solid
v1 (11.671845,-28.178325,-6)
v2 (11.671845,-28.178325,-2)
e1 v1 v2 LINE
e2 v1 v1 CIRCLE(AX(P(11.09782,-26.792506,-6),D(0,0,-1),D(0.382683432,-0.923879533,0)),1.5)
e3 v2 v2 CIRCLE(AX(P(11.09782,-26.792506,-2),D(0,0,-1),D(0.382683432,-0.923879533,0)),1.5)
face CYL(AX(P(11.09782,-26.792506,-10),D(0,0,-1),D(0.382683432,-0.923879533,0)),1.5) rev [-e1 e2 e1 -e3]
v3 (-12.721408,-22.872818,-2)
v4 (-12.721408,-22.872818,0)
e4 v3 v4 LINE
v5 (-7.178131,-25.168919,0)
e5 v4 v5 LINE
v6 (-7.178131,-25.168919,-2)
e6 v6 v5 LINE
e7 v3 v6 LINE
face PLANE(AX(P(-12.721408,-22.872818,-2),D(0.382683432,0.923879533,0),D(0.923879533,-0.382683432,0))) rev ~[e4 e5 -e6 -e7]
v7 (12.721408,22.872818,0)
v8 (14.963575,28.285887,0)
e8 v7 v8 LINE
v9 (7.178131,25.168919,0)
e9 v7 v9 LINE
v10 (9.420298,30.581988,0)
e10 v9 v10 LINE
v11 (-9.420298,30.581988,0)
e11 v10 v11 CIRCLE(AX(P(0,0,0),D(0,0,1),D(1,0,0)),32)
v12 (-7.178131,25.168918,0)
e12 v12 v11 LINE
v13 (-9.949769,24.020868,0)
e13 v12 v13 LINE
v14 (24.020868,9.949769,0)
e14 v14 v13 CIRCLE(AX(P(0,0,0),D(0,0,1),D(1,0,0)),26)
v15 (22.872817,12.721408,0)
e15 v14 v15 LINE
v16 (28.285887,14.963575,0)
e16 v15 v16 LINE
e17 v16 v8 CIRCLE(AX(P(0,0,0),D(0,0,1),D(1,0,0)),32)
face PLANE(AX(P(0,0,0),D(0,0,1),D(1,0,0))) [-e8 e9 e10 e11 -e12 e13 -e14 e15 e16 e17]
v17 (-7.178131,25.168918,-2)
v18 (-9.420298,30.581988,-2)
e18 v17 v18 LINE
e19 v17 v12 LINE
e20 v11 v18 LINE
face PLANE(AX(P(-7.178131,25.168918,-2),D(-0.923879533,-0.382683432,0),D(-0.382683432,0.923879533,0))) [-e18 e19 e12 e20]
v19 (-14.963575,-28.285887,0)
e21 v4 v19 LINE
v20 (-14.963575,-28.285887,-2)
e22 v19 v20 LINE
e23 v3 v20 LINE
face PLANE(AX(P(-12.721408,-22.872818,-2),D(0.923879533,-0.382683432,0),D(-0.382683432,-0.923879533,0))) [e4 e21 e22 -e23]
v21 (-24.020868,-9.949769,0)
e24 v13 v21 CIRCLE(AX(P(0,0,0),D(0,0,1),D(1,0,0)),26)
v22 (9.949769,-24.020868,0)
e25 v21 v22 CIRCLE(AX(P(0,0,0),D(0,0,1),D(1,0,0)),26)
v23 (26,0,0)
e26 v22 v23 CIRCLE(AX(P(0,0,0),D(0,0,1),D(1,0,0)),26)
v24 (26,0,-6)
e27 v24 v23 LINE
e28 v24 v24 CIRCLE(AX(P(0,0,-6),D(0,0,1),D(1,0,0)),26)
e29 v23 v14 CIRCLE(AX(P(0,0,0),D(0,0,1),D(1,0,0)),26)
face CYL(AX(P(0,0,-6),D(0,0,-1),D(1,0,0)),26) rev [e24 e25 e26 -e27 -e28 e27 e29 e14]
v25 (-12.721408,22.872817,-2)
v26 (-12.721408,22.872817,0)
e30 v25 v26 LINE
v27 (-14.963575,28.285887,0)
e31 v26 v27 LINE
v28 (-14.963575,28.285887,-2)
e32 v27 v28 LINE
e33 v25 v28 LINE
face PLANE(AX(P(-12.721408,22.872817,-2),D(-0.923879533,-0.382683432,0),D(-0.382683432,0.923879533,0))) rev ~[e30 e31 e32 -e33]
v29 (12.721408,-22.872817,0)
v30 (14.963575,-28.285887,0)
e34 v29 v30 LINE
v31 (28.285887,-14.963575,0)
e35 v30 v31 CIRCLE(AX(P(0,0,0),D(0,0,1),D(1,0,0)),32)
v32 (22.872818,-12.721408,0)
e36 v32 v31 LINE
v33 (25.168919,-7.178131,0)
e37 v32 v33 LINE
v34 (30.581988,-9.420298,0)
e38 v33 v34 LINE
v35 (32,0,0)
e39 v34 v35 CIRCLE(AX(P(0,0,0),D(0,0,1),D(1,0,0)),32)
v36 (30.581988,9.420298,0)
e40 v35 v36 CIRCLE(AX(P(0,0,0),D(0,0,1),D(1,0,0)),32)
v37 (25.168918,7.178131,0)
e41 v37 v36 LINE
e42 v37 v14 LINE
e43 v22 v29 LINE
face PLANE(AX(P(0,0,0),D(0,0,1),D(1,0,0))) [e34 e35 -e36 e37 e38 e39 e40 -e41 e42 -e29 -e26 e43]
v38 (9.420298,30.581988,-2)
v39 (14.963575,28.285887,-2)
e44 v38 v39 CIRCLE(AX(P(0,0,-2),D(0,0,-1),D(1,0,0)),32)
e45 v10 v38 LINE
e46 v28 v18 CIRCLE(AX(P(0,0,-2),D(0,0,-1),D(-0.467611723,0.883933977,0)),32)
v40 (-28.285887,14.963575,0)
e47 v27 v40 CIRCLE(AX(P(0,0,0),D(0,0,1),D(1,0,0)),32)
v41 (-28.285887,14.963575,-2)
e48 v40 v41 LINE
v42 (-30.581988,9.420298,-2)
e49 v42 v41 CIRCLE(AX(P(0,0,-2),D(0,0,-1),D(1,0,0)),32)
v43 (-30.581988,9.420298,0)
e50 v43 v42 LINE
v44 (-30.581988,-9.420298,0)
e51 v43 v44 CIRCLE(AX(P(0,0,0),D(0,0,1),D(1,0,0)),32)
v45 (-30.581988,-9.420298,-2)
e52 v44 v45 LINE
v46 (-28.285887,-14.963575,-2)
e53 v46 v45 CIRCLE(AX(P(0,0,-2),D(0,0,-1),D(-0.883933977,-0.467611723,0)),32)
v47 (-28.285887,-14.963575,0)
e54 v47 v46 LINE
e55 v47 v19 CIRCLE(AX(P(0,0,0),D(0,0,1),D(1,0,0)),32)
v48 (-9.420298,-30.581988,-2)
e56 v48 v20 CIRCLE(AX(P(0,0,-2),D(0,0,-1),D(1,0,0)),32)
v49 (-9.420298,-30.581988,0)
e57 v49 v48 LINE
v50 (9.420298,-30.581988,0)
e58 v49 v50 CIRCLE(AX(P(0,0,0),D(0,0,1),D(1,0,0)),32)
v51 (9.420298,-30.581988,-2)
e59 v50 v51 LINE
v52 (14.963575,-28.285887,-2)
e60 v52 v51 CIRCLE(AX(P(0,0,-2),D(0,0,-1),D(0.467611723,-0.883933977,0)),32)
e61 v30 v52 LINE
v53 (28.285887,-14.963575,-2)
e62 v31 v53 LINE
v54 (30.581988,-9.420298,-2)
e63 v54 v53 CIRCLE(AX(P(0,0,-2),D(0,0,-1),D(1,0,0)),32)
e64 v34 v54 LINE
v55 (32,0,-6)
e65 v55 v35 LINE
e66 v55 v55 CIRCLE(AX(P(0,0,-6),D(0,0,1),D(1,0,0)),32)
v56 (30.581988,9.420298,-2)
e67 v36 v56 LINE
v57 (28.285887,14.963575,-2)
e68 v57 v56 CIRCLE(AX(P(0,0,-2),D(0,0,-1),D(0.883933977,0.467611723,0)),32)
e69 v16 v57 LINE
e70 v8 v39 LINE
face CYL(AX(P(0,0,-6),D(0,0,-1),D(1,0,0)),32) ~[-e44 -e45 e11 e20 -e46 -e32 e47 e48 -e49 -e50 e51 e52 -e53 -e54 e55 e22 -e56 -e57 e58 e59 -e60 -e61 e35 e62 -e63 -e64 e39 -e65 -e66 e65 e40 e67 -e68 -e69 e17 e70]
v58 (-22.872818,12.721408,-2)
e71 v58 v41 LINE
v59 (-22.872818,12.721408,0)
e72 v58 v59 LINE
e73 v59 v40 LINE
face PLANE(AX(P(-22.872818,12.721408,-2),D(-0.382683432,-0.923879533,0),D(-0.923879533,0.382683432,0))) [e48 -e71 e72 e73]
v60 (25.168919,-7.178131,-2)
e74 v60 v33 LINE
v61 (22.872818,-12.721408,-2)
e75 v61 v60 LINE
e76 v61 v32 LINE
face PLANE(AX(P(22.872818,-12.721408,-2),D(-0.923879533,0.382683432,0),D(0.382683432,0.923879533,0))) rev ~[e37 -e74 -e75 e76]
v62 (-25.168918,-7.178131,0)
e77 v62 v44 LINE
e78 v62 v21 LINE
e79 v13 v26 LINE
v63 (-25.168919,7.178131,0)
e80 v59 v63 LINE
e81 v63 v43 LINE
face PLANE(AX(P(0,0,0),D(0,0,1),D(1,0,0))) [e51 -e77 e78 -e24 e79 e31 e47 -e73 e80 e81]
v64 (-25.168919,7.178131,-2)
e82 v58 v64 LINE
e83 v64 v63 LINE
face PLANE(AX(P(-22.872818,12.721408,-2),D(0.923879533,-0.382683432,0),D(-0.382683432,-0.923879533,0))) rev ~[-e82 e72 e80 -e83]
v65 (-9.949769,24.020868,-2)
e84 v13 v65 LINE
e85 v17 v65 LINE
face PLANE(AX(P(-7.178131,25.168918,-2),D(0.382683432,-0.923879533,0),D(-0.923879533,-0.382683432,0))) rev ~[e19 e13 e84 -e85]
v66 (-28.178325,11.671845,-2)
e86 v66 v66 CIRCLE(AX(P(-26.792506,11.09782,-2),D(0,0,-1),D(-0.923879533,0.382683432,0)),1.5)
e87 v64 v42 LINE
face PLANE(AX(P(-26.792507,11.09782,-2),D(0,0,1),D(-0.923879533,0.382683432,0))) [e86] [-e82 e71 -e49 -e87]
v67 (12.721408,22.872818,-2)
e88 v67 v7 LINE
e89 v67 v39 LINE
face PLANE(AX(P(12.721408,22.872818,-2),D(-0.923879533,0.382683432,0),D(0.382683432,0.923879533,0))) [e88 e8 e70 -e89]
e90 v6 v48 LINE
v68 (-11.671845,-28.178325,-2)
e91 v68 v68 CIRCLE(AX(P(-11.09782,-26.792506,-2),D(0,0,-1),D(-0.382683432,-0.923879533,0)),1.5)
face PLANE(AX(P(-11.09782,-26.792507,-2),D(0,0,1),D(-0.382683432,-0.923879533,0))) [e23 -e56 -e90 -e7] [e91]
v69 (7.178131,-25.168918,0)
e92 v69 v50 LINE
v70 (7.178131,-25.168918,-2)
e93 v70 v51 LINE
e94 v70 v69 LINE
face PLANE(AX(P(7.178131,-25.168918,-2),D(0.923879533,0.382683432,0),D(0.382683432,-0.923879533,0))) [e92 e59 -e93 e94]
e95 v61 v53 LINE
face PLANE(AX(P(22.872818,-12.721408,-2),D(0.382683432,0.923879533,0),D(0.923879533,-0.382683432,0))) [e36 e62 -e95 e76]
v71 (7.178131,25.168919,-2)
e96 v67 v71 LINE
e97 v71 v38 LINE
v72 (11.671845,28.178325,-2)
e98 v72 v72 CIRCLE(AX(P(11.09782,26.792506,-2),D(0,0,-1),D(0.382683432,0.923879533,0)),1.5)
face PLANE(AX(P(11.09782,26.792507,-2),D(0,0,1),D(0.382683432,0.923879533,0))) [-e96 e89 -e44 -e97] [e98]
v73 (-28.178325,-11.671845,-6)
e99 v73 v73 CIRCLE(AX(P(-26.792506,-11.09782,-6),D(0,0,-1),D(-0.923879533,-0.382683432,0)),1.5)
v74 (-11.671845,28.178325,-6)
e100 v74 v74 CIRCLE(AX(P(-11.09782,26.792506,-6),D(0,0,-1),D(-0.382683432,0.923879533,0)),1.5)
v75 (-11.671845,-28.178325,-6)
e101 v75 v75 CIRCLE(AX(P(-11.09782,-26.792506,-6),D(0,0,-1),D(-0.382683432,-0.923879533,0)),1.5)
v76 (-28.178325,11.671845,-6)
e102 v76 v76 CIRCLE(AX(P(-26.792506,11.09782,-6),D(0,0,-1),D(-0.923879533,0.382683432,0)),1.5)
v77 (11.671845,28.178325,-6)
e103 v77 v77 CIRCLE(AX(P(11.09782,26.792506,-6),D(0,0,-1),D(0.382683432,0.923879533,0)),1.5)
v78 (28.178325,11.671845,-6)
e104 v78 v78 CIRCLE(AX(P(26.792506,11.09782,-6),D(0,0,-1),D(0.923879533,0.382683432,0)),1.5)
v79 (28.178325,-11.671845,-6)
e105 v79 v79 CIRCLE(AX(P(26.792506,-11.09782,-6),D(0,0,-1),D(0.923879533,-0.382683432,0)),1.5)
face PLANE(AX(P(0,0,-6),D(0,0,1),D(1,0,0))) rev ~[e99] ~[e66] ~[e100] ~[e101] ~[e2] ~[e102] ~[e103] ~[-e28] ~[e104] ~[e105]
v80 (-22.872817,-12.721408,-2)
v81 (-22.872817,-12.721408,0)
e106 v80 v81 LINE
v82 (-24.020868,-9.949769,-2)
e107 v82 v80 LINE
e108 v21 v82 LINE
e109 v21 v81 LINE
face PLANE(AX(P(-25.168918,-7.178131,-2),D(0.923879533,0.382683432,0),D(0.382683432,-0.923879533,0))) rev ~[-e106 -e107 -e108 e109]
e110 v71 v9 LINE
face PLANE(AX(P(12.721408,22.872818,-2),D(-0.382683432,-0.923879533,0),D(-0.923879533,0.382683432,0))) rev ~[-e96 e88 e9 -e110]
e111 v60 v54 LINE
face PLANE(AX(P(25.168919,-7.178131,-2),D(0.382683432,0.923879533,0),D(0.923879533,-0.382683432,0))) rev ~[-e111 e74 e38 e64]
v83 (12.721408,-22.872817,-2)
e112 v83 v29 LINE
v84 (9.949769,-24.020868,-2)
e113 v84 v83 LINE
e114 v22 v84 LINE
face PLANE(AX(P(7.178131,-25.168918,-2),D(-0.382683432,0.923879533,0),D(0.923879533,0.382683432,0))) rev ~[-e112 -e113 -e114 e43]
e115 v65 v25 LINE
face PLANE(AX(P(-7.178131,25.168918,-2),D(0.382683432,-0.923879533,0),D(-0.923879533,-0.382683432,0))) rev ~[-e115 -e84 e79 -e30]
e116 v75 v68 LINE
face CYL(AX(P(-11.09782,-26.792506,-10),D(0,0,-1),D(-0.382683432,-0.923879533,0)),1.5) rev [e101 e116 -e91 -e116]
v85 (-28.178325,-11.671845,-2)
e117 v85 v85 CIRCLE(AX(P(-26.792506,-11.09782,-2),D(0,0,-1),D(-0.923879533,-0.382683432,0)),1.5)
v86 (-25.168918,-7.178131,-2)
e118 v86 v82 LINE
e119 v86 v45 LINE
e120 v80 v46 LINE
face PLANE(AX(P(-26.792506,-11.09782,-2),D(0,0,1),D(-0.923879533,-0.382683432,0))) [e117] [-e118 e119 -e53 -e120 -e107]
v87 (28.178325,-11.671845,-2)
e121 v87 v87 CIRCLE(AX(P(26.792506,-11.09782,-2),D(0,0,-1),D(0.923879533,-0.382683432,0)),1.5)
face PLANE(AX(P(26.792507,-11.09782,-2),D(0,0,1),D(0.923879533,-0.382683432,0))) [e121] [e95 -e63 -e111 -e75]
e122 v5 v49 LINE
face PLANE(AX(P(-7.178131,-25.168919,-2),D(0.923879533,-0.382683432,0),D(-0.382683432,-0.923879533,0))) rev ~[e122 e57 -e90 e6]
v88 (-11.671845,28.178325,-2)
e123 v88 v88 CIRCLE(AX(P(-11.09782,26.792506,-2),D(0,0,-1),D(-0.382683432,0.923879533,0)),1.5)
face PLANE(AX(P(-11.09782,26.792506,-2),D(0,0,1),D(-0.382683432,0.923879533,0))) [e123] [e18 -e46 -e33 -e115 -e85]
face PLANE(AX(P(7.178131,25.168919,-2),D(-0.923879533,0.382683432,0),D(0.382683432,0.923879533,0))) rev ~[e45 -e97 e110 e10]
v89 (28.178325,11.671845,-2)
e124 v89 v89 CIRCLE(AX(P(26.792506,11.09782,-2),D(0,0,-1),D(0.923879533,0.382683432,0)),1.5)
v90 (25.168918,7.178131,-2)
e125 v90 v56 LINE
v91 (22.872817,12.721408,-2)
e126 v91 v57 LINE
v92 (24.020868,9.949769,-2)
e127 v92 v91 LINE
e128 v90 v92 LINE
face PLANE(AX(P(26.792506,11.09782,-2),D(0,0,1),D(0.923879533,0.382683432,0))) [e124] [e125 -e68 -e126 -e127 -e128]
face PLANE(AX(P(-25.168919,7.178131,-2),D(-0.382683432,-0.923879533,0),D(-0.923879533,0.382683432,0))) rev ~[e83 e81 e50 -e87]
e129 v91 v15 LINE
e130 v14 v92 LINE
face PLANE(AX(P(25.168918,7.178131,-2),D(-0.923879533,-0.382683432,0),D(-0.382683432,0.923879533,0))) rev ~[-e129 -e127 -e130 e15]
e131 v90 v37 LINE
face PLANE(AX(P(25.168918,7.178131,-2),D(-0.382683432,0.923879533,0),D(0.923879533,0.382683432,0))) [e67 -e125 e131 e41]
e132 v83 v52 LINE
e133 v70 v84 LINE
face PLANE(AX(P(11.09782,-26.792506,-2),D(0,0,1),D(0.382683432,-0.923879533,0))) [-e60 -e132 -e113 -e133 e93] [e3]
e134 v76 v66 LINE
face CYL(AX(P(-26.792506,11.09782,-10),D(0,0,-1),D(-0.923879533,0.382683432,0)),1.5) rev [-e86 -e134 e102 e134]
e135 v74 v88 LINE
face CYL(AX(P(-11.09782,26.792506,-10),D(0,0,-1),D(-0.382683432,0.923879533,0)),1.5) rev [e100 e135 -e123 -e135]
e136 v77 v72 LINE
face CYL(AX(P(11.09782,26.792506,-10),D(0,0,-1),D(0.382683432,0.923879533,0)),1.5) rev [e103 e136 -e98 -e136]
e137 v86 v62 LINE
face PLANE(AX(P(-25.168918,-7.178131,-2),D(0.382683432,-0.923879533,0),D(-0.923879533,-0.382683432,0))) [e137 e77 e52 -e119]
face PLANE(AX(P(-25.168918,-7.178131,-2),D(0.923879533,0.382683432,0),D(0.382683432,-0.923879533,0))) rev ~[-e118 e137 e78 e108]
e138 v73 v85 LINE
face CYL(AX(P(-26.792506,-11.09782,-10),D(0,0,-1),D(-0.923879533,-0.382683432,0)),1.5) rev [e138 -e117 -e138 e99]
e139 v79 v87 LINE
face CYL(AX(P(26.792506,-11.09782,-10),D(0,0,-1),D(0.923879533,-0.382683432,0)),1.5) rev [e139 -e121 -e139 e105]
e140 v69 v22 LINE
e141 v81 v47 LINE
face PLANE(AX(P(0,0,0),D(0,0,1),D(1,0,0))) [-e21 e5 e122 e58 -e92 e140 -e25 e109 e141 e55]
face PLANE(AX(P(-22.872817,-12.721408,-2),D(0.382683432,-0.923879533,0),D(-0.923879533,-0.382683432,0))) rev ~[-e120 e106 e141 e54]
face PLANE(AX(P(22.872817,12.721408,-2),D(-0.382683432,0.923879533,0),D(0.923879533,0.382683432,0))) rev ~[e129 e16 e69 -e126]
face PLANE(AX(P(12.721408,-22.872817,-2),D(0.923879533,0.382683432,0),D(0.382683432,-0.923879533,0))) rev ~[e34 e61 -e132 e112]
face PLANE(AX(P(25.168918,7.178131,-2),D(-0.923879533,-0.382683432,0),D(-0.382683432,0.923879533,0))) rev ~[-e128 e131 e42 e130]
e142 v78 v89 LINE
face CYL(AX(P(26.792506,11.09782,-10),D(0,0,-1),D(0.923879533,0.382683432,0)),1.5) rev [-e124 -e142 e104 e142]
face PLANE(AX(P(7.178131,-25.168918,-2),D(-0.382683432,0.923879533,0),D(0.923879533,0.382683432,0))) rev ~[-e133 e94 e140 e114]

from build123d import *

# Parameters (mm, degrees)
CYLINDER1945_R               = 1.5
CYLINDER1945_DEPTH           = 20
CYLINDER1945_PLACEMENT_ANGLE = 67.5
CYLINDER1943_R               = 1.5
CYLINDER1943_DEPTH           = 20
CYLINDER1943_PLACEMENT_ANGLE = 112.5
CYLINDER1936_R               = 1.5
CYLINDER1936_DEPTH           = 20
CYLINDER1936_PLACEMENT_ANGLE = 157.5
CYLINDER1952_R               = 1.5
CYLINDER1952_DEPTH           = 20
CYLINDER1952_PLACEMENT_ANGLE = 202.5
CYLINDER1946_R               = 1.5
CYLINDER1946_DEPTH           = 20
CYLINDER1946_PLACEMENT_ANGLE = -112.5
CYLINDER1938_R               = 1.5
CYLINDER1938_DEPTH           = 20
CYLINDER1938_PLACEMENT_ANGLE = 67.5
CYLINDER1935_R               = 1.5
CYLINDER1935_DEPTH           = 20
CYLINDER1935_PLACEMENT_ANGLE = 22.5
CYLINDER1941_R               = 1.5
CYLINDER1941_DEPTH           = 20
CYLINDER1941_PLACEMENT_ANGLE = 22.5
BOX442_W                     = 6
BOX442_H                     = 6
BOX442_DEPTH                 = 2
BOX442_PLACEMENT_ANGLE       = 67.5
BOX437_W                     = 6
BOX437_H                     = 6
BOX437_DEPTH                 = 2
BOX437_PLACEMENT_ANGLE       = 112.5
BOX447_W                     = 6
BOX447_H                     = 6
BOX447_DEPTH                 = 2
BOX447_PLACEMENT_ANGLE       = 157.5
BOX445_W                     = 6
BOX445_H                     = 6
BOX445_DEPTH                 = 2
BOX445_PLACEMENT_ANGLE       = 202.5
BOX446_W                     = 6
BOX446_H                     = 6
BOX446_DEPTH                 = 2
BOX446_PLACEMENT_ANGLE       = -112.5
BOX449_W                     = 6
BOX449_H                     = 6
BOX449_DEPTH                 = 2
BOX449_PLACEMENT_ANGLE       = 67.5
BOX440_W                     = 6
BOX440_H                     = 6
BOX440_DEPTH                 = 2
BOX440_PLACEMENT_ANGLE       = 22.5
BOX443_W                     = 6
BOX443_H                     = 6
BOX443_DEPTH                 = 2
BOX443_PLACEMENT_ANGLE       = 22.5
TUBE085_R                    = 32
TUBE085_R_2                  = 26
TUBE085_DEPTH                = 6


with BuildPart() as v_lec1945:
    # Cylinder1945 → Cylinder1945 (new body)
    with BuildSketch(Plane.XY):
        Circle(CYLINDER1945_R)
    extrude(amount=CYLINDER1945_DEPTH)


with BuildPart() as v_lec1945_1:
    # Cylinder1945 placement: moved
    add(v_lec1945.part.moved(Location((11.09782, 26.792506, -10))).rotate(Axis((11.09782, 26.792506, -10), (0, 0, 1)), CYLINDER1945_PLACEMENT_ANGLE))


with BuildPart() as v_lec1943:
    # Cylinder1943 → Cylinder1943 (new body)
    with BuildSketch(Plane.XY):
        Circle(CYLINDER1943_R)
    extrude(amount=CYLINDER1943_DEPTH)


with BuildPart() as v_lec1943_1:
    # Cylinder1943 placement: moved
    add(v_lec1943.part.moved(Location((-11.09782, 26.792506, -10))).rotate(Axis((-11.09782, 26.792506, -10), (0, 0, 1)), CYLINDER1943_PLACEMENT_ANGLE))


with BuildPart() as v_lec1936:
    # Cylinder1936 → Cylinder1936 (new body)
    with BuildSketch(Plane.XY):
        Circle(CYLINDER1936_R)
    extrude(amount=CYLINDER1936_DEPTH)


with BuildPart() as v_lec1936_1:
    # Cylinder1936 placement: moved
    add(v_lec1936.part.moved(Location((-26.792506, 11.09782, -10))).rotate(Axis((-26.792506, 11.09782, -10), (0, 0, 1)), CYLINDER1936_PLACEMENT_ANGLE))


with BuildPart() as v_lec1952:
    # Cylinder1952 → Cylinder1952 (new body)
    with BuildSketch(Plane.XY):
        Circle(CYLINDER1952_R)
    extrude(amount=CYLINDER1952_DEPTH)


with BuildPart() as v_lec1952_1:
    # Cylinder1952 placement: moved
    add(v_lec1952.part.moved(Location((-26.792506, -11.09782, -10))).rotate(Axis((-26.792506, -11.09782, -10), (0, 0, 1)), CYLINDER1952_PLACEMENT_ANGLE))


with BuildPart() as v_lec1946:
    # Cylinder1946 → Cylinder1946 (new body)
    with BuildSketch(Plane.XY):
        Circle(CYLINDER1946_R)
    extrude(amount=CYLINDER1946_DEPTH)


with BuildPart() as v_lec1946_1:
    # Cylinder1946 placement: moved
    add(v_lec1946.part.moved(Location((-11.09782, -26.792506, -10))).rotate(Axis((-11.09782, -26.792506, -10), (0, 0, 1)), CYLINDER1946_PLACEMENT_ANGLE))


with BuildPart() as v_lec1938:
    # Cylinder1938 → Cylinder1938 (new body)
    with BuildSketch(Plane.XY):
        Circle(CYLINDER1938_R)
    extrude(amount=CYLINDER1938_DEPTH)


with BuildPart() as v_lec1938_1:
    # Cylinder1938 placement: moved
    add(v_lec1938.part.moved(Location((11.09782, -26.792506, -10))).rotate(Axis((11.09782, -26.792506, -10), (0, 0, -1)), CYLINDER1938_PLACEMENT_ANGLE))


with BuildPart() as v_lec1935:
    # Cylinder1935 → Cylinder1935 (new body)
    with BuildSketch(Plane.XY):
        Circle(CYLINDER1935_R)
    extrude(amount=CYLINDER1935_DEPTH)


with BuildPart() as v_lec1935_1:
    # Cylinder1935 placement: moved
    add(v_lec1935.part.moved(Location((26.792506, -11.09782, -10))).rotate(Axis((26.792506, -11.09782, -10), (0, 0, -1)), CYLINDER1935_PLACEMENT_ANGLE))


with BuildPart() as compound883:
    # Cylinder1941 → Cylinder1941 (new body)
    with BuildSketch(Plane.XY):
        Circle(CYLINDER1941_R)
    extrude(amount=CYLINDER1941_DEPTH)


with BuildPart() as compound883_1:
    # Cylinder1941 placement: moved
    add(compound883.part.moved(Location((26.792506, 11.09782, -10))).rotate(Axis((26.792506, 11.09782, -10), (0, 0, 1)), CYLINDER1941_PLACEMENT_ANGLE))

    # Compound883: union Válec1945, Válec1943, Válec1936, Válec1952, Válec1946, Válec1938, Válec1935
    add(v_lec1945_1.part)
    add(v_lec1943_1.part)
    add(v_lec1936_1.part)
    add(v_lec1952_1.part)
    add(v_lec1946_1.part)
    add(v_lec1938_1.part)
    add(v_lec1935_1.part)


with BuildPart() as krychle442:
    # Box442 → Box442 (new body)
    with BuildSketch(Plane.XY):
        with Locations((3, 3)):
            Rectangle(BOX442_W, BOX442_H)
    extrude(amount=BOX442_DEPTH)


with BuildPart() as krychle442_1:
    # Box442 placement: moved
    add(krychle442.part.moved(Location((12.721408, 22.872818, -2))).rotate(Axis((12.721408, 22.872818, -2), (0, 0, 1)), BOX442_PLACEMENT_ANGLE))


with BuildPart() as krychle437:
    # Box437 → Box437 (new body)
    with BuildSketch(Plane.XY):
        with Locations((3, 3)):
            Rectangle(BOX437_W, BOX437_H)
    extrude(amount=BOX437_DEPTH)


with BuildPart() as krychle437_1:
    # Box437 placement: moved
    add(krychle437.part.moved(Location((-7.178131, 25.168918, -2))).rotate(Axis((-7.178131, 25.168918, -2), (0, 0, 1)), BOX437_PLACEMENT_ANGLE))


with BuildPart() as krychle447:
    # Box447 → Box447 (new body)
    with BuildSketch(Plane.XY):
        with Locations((3, 3)):
            Rectangle(BOX447_W, BOX447_H)
    extrude(amount=BOX447_DEPTH)


with BuildPart() as krychle447_1:
    # Box447 placement: moved
    add(krychle447.part.moved(Location((-22.872818, 12.721408, -2))).rotate(Axis((-22.872818, 12.721408, -2), (0, 0, 1)), BOX447_PLACEMENT_ANGLE))


with BuildPart() as krychle445:
    # Box445 → Box445 (new body)
    with BuildSketch(Plane.XY):
        with Locations((3, 3)):
            Rectangle(BOX445_W, BOX445_H)
    extrude(amount=BOX445_DEPTH)


with BuildPart() as krychle445_1:
    # Box445 placement: moved
    add(krychle445.part.moved(Location((-25.168918, -7.178131, -2))).rotate(Axis((-25.168918, -7.178131, -2), (0, 0, 1)), BOX445_PLACEMENT_ANGLE))


with BuildPart() as krychle446:
    # Box446 → Box446 (new body)
    with BuildSketch(Plane.XY):
        with Locations((3, 3)):
            Rectangle(BOX446_W, BOX446_H)
    extrude(amount=BOX446_DEPTH)


with BuildPart() as krychle446_1:
    # Box446 placement: moved
    add(krychle446.part.moved(Location((-12.721408, -22.872818, -2))).rotate(Axis((-12.721408, -22.872818, -2), (0, 0, 1)), BOX446_PLACEMENT_ANGLE))


with BuildPart() as krychle449:
    # Box449 → Box449 (new body)
    with BuildSketch(Plane.XY):
        with Locations((3, 3)):
            Rectangle(BOX449_W, BOX449_H)
    extrude(amount=BOX449_DEPTH)


with BuildPart() as krychle449_1:
    # Box449 placement: moved
    add(krychle449.part.moved(Location((7.178131, -25.168918, -2))).rotate(Axis((7.178131, -25.168918, -2), (0, 0, -1)), BOX449_PLACEMENT_ANGLE))


with BuildPart() as krychle440:
    # Box440 → Box440 (new body)
    with BuildSketch(Plane.XY):
        with Locations((3, 3)):
            Rectangle(BOX440_W, BOX440_H)
    extrude(amount=BOX440_DEPTH)


with BuildPart() as krychle440_1:
    # Box440 placement: moved
    add(krychle440.part.moved(Location((22.872818, -12.721408, -2))).rotate(Axis((22.872818, -12.721408, -2), (0, 0, -1)), BOX440_PLACEMENT_ANGLE))


with BuildPart() as compound876:
    # Box443 → Box443 (new body)
    with BuildSketch(Plane.XY):
        with Locations((3, 3)):
            Rectangle(BOX443_W, BOX443_H)
    extrude(amount=BOX443_DEPTH)


with BuildPart() as compound876_1:
    # Box443 placement: moved
    add(compound876.part.moved(Location((25.168918, 7.178131, -2))).rotate(Axis((25.168918, 7.178131, -2), (0, 0, 1)), BOX443_PLACEMENT_ANGLE))

    # Compound876: union Krychle442, Krychle437, Krychle447, Krychle445, Krychle446, Krychle449, Krychle440
    add(krychle442_1.part)
    add(krychle437_1.part)
    add(krychle447_1.part)
    add(krychle445_1.part)
    add(krychle446_1.part)
    add(krychle449_1.part)
    add(krychle440_1.part)


with BuildPart() as cut519:
    # Tube085 → Tube085 (new body)
    with BuildSketch(Plane.XY.offset(-6)):
        Circle(TUBE085_R)
        Circle(TUBE085_R_2, mode=Mode.SUBTRACT)
    extrude(amount=TUBE085_DEPTH)

    # Cut523: cut Compound876
    add(compound876_1.part, mode=Mode.SUBTRACT)

    # Cut519: cut Compound883
    add(compound883_1.part, mode=Mode.SUBTRACT)


solid = cut519.part
